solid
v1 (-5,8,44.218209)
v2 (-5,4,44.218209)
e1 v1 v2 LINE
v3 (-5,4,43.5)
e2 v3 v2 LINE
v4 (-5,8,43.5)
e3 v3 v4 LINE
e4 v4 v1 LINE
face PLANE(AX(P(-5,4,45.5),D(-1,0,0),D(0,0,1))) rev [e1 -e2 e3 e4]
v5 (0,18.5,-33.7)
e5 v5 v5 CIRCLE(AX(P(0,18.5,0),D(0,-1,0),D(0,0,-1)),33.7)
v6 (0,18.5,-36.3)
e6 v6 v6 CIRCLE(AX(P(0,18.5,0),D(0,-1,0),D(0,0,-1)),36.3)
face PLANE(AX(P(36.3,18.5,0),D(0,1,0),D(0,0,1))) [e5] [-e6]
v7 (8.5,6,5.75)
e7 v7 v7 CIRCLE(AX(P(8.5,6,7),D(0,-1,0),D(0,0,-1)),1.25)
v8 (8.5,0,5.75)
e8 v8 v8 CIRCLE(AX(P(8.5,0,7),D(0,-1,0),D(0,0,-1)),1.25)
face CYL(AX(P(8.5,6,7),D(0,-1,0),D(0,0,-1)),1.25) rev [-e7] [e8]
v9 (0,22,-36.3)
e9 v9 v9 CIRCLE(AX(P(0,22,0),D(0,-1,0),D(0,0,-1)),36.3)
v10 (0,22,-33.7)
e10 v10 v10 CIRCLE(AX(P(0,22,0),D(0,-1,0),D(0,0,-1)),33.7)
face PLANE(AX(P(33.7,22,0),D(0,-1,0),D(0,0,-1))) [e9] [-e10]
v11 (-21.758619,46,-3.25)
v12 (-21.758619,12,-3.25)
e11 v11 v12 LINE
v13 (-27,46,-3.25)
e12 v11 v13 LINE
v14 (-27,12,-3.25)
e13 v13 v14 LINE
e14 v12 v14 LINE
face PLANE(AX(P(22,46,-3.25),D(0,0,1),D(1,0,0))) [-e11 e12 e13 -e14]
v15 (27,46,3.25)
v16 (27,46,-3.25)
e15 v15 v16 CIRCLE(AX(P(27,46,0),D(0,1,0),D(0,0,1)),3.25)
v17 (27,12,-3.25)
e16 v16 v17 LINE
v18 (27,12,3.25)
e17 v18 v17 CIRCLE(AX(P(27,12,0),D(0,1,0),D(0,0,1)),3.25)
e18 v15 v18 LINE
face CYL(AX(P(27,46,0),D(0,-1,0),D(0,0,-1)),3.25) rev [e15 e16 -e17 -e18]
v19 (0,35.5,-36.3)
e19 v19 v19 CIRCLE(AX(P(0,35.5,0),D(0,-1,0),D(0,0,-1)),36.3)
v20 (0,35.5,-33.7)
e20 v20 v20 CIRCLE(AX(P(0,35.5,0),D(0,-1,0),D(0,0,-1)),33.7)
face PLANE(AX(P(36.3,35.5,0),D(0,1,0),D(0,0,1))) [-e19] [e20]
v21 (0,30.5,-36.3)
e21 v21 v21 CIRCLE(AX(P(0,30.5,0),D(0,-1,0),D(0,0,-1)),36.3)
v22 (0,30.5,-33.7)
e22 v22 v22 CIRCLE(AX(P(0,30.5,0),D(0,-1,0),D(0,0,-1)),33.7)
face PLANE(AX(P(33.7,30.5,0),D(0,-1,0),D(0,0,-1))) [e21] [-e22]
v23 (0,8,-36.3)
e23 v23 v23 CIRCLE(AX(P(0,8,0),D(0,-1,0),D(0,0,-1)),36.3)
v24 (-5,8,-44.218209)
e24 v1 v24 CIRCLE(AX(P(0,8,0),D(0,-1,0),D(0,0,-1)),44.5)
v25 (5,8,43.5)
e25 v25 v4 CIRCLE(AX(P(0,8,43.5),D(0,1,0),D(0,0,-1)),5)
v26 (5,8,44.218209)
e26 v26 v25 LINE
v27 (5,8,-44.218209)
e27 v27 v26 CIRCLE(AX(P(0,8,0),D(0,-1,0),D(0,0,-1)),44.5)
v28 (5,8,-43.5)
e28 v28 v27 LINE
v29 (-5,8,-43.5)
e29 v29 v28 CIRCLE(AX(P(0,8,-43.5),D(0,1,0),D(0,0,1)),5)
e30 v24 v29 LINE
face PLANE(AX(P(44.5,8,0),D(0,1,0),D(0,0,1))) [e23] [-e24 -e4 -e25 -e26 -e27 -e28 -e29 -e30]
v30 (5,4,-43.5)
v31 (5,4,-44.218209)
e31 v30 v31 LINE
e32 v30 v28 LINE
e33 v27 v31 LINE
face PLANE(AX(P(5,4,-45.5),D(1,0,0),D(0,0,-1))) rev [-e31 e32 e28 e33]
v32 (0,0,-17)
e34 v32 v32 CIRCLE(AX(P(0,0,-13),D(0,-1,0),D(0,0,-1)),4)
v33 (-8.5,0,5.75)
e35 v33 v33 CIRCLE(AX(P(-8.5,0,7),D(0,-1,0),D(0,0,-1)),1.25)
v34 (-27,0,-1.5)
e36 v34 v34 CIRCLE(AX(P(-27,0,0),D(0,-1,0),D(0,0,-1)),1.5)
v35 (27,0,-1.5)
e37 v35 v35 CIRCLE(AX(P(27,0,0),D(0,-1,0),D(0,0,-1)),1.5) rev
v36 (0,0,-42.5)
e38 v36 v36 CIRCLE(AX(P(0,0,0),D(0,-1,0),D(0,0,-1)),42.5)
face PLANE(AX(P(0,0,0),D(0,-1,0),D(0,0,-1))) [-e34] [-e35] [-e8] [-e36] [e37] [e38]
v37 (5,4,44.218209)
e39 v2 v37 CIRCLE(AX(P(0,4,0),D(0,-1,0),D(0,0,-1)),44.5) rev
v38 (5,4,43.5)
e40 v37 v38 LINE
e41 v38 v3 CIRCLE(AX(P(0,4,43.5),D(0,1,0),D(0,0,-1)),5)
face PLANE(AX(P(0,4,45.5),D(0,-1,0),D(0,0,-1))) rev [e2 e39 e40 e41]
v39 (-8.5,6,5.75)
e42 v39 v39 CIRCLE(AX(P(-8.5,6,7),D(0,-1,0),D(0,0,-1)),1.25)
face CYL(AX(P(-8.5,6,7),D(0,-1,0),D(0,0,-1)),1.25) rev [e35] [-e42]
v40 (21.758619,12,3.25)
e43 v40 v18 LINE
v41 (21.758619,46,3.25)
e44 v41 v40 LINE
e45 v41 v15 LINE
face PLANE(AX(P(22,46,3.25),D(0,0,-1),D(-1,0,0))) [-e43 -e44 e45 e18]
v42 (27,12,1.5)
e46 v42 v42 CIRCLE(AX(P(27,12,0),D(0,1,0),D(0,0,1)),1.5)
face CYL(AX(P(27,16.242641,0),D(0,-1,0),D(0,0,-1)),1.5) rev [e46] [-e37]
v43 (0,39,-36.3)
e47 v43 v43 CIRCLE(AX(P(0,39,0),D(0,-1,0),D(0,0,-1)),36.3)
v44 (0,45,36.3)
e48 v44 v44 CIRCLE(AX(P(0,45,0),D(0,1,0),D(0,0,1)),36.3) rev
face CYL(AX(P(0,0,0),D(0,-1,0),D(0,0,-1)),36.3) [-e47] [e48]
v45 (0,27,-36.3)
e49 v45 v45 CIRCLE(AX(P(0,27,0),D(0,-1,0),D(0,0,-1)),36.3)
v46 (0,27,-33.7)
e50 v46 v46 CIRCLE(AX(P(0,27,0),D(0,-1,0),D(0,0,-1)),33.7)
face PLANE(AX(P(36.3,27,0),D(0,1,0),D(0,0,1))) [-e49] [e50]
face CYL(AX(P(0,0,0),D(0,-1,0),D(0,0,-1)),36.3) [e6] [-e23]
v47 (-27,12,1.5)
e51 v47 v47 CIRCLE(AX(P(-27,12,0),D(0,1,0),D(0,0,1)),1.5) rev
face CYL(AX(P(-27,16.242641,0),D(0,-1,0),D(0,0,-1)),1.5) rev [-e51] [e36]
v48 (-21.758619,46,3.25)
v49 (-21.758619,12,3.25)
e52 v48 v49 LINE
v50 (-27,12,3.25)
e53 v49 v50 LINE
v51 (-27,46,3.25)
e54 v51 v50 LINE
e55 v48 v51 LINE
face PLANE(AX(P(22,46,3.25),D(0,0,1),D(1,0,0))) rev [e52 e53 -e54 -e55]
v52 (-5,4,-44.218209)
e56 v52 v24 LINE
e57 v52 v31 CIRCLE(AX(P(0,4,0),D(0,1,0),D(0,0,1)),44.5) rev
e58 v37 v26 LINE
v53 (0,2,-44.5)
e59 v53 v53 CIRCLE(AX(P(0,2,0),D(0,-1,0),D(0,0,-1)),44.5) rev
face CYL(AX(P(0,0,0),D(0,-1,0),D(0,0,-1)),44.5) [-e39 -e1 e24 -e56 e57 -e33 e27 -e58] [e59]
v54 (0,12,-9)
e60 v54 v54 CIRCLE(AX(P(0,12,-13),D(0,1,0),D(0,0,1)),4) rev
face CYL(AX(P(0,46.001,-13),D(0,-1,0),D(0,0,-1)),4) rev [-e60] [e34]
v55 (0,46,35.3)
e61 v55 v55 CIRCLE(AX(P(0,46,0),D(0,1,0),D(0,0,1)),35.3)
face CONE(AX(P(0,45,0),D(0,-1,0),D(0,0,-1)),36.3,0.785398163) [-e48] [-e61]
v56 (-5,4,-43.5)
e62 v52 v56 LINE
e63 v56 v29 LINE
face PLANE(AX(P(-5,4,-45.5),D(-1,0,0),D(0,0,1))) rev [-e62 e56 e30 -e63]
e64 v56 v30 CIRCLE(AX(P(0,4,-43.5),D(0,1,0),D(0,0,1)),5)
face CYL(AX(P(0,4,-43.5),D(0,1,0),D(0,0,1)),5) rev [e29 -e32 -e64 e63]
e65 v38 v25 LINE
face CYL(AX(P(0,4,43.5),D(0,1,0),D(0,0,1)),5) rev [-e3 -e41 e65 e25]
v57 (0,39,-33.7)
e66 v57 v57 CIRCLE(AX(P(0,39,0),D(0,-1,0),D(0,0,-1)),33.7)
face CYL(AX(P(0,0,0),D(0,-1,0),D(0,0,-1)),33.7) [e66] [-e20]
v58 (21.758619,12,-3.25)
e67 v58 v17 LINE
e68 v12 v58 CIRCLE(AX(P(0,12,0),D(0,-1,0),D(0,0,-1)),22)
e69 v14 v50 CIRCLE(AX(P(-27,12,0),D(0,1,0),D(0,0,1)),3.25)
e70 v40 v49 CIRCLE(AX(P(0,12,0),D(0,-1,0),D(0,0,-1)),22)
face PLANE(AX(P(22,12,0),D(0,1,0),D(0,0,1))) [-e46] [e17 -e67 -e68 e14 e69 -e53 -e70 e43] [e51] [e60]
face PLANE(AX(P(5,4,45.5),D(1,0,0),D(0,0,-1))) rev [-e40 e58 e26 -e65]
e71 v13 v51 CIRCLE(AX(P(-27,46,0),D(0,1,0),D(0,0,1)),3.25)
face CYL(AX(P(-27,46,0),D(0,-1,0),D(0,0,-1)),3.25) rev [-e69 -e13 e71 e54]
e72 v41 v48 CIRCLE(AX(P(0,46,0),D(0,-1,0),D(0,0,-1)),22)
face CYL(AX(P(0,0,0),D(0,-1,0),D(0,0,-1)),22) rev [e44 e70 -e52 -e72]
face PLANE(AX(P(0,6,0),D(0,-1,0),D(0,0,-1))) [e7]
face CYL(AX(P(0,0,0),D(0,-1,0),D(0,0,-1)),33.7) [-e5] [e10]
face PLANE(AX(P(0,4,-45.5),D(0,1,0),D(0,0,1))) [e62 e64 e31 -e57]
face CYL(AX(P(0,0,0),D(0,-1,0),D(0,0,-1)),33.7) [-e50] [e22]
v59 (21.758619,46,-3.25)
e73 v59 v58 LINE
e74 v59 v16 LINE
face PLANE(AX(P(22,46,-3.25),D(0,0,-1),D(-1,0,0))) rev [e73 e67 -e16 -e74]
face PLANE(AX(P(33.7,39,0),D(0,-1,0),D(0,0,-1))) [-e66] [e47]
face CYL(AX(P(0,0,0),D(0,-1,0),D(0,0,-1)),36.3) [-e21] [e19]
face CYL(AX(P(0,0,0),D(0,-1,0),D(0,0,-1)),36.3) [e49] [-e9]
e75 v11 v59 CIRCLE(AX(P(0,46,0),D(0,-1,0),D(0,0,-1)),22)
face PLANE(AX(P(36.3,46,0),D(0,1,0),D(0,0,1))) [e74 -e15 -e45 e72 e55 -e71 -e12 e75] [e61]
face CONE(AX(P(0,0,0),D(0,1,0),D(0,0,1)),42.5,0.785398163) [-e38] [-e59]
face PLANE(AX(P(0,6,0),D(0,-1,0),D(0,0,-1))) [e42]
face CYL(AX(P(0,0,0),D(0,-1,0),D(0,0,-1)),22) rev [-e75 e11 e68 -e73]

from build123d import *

# Parameters (mm, degrees)
CORTE_EXTRUS_O1_DEPTH      = 4
CHANFRO1_SIZE              = 1
CORTE_EXTRUS_O2_DEPTH      = 78.951908251
CORTE_EXTRUS_O2_DEPTH_BACK = 12
ESBO_O3_R                  = 1.5
CORTE_EXTRUS_O3_START      = -12
ESBO_O3_5_R                = 1.5
CORTE_EXTRUS_O3_DEPTH      = 66.951908251
CHANFRO2_SIZE              = 2
ESBO_O4_R                  = 1.25
CORTE_EXTRUS_O4_DEPTH      = 6
CORTE_EXTRUS_O5_REACH      = 79.952
ESBO_O4_3_R                = 4


with BuildPart() as part:
    # Esboço1 → Revolução1 (revolve)
    with BuildSketch(Plane.XY, mode=Mode.PRIVATE) as revolu_o1_sk:
        Polygon((44.5, 0), (44.5, 8), (36.3, 8), (36.3, 18.5), (33.7, 18.5), (33.7, 22), (36.3, 22), (36.3, 27), (33.7, 27), (33.7, 30.5), (36.3, 30.5), (36.3, 35.5), (33.7, 35.5), (33.7, 39), (36.3, 39), (36.3, 46), (22, 46), (22, 12), (0, 12), (0, 0), align=None)
    revolve(revolu_o1_sk.sketch.rotate(Axis((0, 0, 0), (0, 1, 0)), 90), axis=Axis((0, 0, 0), (0, 1, 0)))

    # Esboço2 → Corte-extrusão1 (cut)
    with BuildSketch(Plane(origin=(0, 8, 0), x_dir=(1, 0, 0), z_dir=(0, 1, 0))):
        with BuildLine():
            Line((5, 45.5), (5, 43.5))
            ThreePointArc((5, 43.5), (0, 38.5), (-5, 43.5))
            Line((-5, 43.5), (-5, 45.5))
            ThreePointArc((-5, 45.5), (0, 50.5), (5, 45.5))
        make_face()
        with BuildLine():
            Line((5, -45.5), (5, -43.5))
            ThreePointArc((5, -43.5), (0, -38.5), (-5, -43.5))
            Line((-5, -43.5), (-5, -45.5))
            ThreePointArc((-5, -45.5), (0, -50.5), (5, -45.5))
        make_face()
    extrude(amount=-CORTE_EXTRUS_O1_DEPTH, mode=Mode.SUBTRACT)

    # Chanfro1
    chanfro1_edges = [part.edges().sort_by_distance(p)[0] for p in [
        (0, 46, 36.3),
    ]]
    chamfer(chanfro1_edges, length=CHANFRO1_SIZE)

    # Esboço3 → Corte-extrusão2 (cut, two sides: drawn at the far end of the back side and taken through both)
    with BuildSketch(Plane.XZ.offset(-CORTE_EXTRUS_O2_DEPTH_BACK)):
        with Locations(Location((-27, 0, 0), (0, 0, 270))):
            Circle(ESBO_O3_R)
        with Locations(Location((27, 0, 0), (0, 0, 270))):
            Circle(ESBO_O3_R)
    extrude(amount=CORTE_EXTRUS_O2_DEPTH + CORTE_EXTRUS_O2_DEPTH_BACK, mode=Mode.SUBTRACT)

    # Esboço3<5> → Corte-extrusão3 (cut, through all)
    # profile 1 of 2: a face of its own
    with BuildSketch(Plane.XZ.offset(CORTE_EXTRUS_O3_START)):
        with BuildLine():
            Line((-27, 3.25), (-21.5, 3.25))
            ThreePointArc((-21.5, 3.25), (-18.25, 0), (-21.5, -3.25))
            Line((-21.5, -3.25), (-27, -3.25))
            ThreePointArc((-27, -3.25), (-30.25, 0), (-27, 3.25))
        make_face()
        with Locations(Location((-27, 0, 0), (0, 0, 270))):
            Circle(ESBO_O3_5_R, mode=Mode.SUBTRACT)
    # profile 2 of 2: a face of its own
    with BuildSketch(Plane.XZ.offset(CORTE_EXTRUS_O3_START)):
        with BuildLine():
            Line((27, 3.25), (21.5, 3.25))
            ThreePointArc((21.5, 3.25), (18.25, 0), (21.5, -3.25))
            Line((21.5, -3.25), (27, -3.25))
            ThreePointArc((27, -3.25), (30.25, 0), (27, 3.25))
        make_face()
        with Locations(Location((27, 0, 0), (0, 0, 270))):
            Circle(ESBO_O3_5_R, mode=Mode.SUBTRACT)
    extrude(amount=-CORTE_EXTRUS_O3_DEPTH, mode=Mode.SUBTRACT)


with BuildPart() as corte_extrus_o3_kept_piece:
    # of the separate pieces the step leaves, the one the design keeps (corte_extrus_o3_pieces_kept)
    add(part.part.solids().sort_by_distance((0, 45, -36.3))[0])

    # Chanfro2
    chanfro2_edges = [corte_extrus_o3_kept_piece.edges().sort_by_distance(p)[0] for p in [
        (0, 0, 44.5),
    ]]
    chamfer(chanfro2_edges, length=CHANFRO2_SIZE)

    # Esboço4 → Corte-extrusão4 (cut)
    with BuildSketch(Plane.XZ):
        with Locations(Location((-8.5, 7, 0), (0, 0, 270))):
            Circle(ESBO_O4_R)
        with Locations(Location((8.5, 7, 0), (0, 0, 270))):
            Circle(ESBO_O4_R)
    extrude(amount=-CORTE_EXTRUS_O4_DEPTH, mode=Mode.SUBTRACT)

    # Esboço4<3> → Corte-extrusão5 (cut, up to next)
    with BuildSketch(Plane.XZ, mode=Mode.PRIVATE) as corte_extrus_o5_sk1:
        with Locations(Location((0, -13, 0), (0, 0, 270))):
            Circle(ESBO_O4_3_R)
    corte_extrus_o5_tool1 = extrude(corte_extrus_o5_sk1.sketch, amount=-CORTE_EXTRUS_O5_REACH, mode=Mode.PRIVATE) & corte_extrus_o3_kept_piece.part
    add(corte_extrus_o5_tool1.solids().sort_by_distance((0, 0, -13))[0], mode=Mode.SUBTRACT)


solid = corte_extrus_o3_kept_piece.part
